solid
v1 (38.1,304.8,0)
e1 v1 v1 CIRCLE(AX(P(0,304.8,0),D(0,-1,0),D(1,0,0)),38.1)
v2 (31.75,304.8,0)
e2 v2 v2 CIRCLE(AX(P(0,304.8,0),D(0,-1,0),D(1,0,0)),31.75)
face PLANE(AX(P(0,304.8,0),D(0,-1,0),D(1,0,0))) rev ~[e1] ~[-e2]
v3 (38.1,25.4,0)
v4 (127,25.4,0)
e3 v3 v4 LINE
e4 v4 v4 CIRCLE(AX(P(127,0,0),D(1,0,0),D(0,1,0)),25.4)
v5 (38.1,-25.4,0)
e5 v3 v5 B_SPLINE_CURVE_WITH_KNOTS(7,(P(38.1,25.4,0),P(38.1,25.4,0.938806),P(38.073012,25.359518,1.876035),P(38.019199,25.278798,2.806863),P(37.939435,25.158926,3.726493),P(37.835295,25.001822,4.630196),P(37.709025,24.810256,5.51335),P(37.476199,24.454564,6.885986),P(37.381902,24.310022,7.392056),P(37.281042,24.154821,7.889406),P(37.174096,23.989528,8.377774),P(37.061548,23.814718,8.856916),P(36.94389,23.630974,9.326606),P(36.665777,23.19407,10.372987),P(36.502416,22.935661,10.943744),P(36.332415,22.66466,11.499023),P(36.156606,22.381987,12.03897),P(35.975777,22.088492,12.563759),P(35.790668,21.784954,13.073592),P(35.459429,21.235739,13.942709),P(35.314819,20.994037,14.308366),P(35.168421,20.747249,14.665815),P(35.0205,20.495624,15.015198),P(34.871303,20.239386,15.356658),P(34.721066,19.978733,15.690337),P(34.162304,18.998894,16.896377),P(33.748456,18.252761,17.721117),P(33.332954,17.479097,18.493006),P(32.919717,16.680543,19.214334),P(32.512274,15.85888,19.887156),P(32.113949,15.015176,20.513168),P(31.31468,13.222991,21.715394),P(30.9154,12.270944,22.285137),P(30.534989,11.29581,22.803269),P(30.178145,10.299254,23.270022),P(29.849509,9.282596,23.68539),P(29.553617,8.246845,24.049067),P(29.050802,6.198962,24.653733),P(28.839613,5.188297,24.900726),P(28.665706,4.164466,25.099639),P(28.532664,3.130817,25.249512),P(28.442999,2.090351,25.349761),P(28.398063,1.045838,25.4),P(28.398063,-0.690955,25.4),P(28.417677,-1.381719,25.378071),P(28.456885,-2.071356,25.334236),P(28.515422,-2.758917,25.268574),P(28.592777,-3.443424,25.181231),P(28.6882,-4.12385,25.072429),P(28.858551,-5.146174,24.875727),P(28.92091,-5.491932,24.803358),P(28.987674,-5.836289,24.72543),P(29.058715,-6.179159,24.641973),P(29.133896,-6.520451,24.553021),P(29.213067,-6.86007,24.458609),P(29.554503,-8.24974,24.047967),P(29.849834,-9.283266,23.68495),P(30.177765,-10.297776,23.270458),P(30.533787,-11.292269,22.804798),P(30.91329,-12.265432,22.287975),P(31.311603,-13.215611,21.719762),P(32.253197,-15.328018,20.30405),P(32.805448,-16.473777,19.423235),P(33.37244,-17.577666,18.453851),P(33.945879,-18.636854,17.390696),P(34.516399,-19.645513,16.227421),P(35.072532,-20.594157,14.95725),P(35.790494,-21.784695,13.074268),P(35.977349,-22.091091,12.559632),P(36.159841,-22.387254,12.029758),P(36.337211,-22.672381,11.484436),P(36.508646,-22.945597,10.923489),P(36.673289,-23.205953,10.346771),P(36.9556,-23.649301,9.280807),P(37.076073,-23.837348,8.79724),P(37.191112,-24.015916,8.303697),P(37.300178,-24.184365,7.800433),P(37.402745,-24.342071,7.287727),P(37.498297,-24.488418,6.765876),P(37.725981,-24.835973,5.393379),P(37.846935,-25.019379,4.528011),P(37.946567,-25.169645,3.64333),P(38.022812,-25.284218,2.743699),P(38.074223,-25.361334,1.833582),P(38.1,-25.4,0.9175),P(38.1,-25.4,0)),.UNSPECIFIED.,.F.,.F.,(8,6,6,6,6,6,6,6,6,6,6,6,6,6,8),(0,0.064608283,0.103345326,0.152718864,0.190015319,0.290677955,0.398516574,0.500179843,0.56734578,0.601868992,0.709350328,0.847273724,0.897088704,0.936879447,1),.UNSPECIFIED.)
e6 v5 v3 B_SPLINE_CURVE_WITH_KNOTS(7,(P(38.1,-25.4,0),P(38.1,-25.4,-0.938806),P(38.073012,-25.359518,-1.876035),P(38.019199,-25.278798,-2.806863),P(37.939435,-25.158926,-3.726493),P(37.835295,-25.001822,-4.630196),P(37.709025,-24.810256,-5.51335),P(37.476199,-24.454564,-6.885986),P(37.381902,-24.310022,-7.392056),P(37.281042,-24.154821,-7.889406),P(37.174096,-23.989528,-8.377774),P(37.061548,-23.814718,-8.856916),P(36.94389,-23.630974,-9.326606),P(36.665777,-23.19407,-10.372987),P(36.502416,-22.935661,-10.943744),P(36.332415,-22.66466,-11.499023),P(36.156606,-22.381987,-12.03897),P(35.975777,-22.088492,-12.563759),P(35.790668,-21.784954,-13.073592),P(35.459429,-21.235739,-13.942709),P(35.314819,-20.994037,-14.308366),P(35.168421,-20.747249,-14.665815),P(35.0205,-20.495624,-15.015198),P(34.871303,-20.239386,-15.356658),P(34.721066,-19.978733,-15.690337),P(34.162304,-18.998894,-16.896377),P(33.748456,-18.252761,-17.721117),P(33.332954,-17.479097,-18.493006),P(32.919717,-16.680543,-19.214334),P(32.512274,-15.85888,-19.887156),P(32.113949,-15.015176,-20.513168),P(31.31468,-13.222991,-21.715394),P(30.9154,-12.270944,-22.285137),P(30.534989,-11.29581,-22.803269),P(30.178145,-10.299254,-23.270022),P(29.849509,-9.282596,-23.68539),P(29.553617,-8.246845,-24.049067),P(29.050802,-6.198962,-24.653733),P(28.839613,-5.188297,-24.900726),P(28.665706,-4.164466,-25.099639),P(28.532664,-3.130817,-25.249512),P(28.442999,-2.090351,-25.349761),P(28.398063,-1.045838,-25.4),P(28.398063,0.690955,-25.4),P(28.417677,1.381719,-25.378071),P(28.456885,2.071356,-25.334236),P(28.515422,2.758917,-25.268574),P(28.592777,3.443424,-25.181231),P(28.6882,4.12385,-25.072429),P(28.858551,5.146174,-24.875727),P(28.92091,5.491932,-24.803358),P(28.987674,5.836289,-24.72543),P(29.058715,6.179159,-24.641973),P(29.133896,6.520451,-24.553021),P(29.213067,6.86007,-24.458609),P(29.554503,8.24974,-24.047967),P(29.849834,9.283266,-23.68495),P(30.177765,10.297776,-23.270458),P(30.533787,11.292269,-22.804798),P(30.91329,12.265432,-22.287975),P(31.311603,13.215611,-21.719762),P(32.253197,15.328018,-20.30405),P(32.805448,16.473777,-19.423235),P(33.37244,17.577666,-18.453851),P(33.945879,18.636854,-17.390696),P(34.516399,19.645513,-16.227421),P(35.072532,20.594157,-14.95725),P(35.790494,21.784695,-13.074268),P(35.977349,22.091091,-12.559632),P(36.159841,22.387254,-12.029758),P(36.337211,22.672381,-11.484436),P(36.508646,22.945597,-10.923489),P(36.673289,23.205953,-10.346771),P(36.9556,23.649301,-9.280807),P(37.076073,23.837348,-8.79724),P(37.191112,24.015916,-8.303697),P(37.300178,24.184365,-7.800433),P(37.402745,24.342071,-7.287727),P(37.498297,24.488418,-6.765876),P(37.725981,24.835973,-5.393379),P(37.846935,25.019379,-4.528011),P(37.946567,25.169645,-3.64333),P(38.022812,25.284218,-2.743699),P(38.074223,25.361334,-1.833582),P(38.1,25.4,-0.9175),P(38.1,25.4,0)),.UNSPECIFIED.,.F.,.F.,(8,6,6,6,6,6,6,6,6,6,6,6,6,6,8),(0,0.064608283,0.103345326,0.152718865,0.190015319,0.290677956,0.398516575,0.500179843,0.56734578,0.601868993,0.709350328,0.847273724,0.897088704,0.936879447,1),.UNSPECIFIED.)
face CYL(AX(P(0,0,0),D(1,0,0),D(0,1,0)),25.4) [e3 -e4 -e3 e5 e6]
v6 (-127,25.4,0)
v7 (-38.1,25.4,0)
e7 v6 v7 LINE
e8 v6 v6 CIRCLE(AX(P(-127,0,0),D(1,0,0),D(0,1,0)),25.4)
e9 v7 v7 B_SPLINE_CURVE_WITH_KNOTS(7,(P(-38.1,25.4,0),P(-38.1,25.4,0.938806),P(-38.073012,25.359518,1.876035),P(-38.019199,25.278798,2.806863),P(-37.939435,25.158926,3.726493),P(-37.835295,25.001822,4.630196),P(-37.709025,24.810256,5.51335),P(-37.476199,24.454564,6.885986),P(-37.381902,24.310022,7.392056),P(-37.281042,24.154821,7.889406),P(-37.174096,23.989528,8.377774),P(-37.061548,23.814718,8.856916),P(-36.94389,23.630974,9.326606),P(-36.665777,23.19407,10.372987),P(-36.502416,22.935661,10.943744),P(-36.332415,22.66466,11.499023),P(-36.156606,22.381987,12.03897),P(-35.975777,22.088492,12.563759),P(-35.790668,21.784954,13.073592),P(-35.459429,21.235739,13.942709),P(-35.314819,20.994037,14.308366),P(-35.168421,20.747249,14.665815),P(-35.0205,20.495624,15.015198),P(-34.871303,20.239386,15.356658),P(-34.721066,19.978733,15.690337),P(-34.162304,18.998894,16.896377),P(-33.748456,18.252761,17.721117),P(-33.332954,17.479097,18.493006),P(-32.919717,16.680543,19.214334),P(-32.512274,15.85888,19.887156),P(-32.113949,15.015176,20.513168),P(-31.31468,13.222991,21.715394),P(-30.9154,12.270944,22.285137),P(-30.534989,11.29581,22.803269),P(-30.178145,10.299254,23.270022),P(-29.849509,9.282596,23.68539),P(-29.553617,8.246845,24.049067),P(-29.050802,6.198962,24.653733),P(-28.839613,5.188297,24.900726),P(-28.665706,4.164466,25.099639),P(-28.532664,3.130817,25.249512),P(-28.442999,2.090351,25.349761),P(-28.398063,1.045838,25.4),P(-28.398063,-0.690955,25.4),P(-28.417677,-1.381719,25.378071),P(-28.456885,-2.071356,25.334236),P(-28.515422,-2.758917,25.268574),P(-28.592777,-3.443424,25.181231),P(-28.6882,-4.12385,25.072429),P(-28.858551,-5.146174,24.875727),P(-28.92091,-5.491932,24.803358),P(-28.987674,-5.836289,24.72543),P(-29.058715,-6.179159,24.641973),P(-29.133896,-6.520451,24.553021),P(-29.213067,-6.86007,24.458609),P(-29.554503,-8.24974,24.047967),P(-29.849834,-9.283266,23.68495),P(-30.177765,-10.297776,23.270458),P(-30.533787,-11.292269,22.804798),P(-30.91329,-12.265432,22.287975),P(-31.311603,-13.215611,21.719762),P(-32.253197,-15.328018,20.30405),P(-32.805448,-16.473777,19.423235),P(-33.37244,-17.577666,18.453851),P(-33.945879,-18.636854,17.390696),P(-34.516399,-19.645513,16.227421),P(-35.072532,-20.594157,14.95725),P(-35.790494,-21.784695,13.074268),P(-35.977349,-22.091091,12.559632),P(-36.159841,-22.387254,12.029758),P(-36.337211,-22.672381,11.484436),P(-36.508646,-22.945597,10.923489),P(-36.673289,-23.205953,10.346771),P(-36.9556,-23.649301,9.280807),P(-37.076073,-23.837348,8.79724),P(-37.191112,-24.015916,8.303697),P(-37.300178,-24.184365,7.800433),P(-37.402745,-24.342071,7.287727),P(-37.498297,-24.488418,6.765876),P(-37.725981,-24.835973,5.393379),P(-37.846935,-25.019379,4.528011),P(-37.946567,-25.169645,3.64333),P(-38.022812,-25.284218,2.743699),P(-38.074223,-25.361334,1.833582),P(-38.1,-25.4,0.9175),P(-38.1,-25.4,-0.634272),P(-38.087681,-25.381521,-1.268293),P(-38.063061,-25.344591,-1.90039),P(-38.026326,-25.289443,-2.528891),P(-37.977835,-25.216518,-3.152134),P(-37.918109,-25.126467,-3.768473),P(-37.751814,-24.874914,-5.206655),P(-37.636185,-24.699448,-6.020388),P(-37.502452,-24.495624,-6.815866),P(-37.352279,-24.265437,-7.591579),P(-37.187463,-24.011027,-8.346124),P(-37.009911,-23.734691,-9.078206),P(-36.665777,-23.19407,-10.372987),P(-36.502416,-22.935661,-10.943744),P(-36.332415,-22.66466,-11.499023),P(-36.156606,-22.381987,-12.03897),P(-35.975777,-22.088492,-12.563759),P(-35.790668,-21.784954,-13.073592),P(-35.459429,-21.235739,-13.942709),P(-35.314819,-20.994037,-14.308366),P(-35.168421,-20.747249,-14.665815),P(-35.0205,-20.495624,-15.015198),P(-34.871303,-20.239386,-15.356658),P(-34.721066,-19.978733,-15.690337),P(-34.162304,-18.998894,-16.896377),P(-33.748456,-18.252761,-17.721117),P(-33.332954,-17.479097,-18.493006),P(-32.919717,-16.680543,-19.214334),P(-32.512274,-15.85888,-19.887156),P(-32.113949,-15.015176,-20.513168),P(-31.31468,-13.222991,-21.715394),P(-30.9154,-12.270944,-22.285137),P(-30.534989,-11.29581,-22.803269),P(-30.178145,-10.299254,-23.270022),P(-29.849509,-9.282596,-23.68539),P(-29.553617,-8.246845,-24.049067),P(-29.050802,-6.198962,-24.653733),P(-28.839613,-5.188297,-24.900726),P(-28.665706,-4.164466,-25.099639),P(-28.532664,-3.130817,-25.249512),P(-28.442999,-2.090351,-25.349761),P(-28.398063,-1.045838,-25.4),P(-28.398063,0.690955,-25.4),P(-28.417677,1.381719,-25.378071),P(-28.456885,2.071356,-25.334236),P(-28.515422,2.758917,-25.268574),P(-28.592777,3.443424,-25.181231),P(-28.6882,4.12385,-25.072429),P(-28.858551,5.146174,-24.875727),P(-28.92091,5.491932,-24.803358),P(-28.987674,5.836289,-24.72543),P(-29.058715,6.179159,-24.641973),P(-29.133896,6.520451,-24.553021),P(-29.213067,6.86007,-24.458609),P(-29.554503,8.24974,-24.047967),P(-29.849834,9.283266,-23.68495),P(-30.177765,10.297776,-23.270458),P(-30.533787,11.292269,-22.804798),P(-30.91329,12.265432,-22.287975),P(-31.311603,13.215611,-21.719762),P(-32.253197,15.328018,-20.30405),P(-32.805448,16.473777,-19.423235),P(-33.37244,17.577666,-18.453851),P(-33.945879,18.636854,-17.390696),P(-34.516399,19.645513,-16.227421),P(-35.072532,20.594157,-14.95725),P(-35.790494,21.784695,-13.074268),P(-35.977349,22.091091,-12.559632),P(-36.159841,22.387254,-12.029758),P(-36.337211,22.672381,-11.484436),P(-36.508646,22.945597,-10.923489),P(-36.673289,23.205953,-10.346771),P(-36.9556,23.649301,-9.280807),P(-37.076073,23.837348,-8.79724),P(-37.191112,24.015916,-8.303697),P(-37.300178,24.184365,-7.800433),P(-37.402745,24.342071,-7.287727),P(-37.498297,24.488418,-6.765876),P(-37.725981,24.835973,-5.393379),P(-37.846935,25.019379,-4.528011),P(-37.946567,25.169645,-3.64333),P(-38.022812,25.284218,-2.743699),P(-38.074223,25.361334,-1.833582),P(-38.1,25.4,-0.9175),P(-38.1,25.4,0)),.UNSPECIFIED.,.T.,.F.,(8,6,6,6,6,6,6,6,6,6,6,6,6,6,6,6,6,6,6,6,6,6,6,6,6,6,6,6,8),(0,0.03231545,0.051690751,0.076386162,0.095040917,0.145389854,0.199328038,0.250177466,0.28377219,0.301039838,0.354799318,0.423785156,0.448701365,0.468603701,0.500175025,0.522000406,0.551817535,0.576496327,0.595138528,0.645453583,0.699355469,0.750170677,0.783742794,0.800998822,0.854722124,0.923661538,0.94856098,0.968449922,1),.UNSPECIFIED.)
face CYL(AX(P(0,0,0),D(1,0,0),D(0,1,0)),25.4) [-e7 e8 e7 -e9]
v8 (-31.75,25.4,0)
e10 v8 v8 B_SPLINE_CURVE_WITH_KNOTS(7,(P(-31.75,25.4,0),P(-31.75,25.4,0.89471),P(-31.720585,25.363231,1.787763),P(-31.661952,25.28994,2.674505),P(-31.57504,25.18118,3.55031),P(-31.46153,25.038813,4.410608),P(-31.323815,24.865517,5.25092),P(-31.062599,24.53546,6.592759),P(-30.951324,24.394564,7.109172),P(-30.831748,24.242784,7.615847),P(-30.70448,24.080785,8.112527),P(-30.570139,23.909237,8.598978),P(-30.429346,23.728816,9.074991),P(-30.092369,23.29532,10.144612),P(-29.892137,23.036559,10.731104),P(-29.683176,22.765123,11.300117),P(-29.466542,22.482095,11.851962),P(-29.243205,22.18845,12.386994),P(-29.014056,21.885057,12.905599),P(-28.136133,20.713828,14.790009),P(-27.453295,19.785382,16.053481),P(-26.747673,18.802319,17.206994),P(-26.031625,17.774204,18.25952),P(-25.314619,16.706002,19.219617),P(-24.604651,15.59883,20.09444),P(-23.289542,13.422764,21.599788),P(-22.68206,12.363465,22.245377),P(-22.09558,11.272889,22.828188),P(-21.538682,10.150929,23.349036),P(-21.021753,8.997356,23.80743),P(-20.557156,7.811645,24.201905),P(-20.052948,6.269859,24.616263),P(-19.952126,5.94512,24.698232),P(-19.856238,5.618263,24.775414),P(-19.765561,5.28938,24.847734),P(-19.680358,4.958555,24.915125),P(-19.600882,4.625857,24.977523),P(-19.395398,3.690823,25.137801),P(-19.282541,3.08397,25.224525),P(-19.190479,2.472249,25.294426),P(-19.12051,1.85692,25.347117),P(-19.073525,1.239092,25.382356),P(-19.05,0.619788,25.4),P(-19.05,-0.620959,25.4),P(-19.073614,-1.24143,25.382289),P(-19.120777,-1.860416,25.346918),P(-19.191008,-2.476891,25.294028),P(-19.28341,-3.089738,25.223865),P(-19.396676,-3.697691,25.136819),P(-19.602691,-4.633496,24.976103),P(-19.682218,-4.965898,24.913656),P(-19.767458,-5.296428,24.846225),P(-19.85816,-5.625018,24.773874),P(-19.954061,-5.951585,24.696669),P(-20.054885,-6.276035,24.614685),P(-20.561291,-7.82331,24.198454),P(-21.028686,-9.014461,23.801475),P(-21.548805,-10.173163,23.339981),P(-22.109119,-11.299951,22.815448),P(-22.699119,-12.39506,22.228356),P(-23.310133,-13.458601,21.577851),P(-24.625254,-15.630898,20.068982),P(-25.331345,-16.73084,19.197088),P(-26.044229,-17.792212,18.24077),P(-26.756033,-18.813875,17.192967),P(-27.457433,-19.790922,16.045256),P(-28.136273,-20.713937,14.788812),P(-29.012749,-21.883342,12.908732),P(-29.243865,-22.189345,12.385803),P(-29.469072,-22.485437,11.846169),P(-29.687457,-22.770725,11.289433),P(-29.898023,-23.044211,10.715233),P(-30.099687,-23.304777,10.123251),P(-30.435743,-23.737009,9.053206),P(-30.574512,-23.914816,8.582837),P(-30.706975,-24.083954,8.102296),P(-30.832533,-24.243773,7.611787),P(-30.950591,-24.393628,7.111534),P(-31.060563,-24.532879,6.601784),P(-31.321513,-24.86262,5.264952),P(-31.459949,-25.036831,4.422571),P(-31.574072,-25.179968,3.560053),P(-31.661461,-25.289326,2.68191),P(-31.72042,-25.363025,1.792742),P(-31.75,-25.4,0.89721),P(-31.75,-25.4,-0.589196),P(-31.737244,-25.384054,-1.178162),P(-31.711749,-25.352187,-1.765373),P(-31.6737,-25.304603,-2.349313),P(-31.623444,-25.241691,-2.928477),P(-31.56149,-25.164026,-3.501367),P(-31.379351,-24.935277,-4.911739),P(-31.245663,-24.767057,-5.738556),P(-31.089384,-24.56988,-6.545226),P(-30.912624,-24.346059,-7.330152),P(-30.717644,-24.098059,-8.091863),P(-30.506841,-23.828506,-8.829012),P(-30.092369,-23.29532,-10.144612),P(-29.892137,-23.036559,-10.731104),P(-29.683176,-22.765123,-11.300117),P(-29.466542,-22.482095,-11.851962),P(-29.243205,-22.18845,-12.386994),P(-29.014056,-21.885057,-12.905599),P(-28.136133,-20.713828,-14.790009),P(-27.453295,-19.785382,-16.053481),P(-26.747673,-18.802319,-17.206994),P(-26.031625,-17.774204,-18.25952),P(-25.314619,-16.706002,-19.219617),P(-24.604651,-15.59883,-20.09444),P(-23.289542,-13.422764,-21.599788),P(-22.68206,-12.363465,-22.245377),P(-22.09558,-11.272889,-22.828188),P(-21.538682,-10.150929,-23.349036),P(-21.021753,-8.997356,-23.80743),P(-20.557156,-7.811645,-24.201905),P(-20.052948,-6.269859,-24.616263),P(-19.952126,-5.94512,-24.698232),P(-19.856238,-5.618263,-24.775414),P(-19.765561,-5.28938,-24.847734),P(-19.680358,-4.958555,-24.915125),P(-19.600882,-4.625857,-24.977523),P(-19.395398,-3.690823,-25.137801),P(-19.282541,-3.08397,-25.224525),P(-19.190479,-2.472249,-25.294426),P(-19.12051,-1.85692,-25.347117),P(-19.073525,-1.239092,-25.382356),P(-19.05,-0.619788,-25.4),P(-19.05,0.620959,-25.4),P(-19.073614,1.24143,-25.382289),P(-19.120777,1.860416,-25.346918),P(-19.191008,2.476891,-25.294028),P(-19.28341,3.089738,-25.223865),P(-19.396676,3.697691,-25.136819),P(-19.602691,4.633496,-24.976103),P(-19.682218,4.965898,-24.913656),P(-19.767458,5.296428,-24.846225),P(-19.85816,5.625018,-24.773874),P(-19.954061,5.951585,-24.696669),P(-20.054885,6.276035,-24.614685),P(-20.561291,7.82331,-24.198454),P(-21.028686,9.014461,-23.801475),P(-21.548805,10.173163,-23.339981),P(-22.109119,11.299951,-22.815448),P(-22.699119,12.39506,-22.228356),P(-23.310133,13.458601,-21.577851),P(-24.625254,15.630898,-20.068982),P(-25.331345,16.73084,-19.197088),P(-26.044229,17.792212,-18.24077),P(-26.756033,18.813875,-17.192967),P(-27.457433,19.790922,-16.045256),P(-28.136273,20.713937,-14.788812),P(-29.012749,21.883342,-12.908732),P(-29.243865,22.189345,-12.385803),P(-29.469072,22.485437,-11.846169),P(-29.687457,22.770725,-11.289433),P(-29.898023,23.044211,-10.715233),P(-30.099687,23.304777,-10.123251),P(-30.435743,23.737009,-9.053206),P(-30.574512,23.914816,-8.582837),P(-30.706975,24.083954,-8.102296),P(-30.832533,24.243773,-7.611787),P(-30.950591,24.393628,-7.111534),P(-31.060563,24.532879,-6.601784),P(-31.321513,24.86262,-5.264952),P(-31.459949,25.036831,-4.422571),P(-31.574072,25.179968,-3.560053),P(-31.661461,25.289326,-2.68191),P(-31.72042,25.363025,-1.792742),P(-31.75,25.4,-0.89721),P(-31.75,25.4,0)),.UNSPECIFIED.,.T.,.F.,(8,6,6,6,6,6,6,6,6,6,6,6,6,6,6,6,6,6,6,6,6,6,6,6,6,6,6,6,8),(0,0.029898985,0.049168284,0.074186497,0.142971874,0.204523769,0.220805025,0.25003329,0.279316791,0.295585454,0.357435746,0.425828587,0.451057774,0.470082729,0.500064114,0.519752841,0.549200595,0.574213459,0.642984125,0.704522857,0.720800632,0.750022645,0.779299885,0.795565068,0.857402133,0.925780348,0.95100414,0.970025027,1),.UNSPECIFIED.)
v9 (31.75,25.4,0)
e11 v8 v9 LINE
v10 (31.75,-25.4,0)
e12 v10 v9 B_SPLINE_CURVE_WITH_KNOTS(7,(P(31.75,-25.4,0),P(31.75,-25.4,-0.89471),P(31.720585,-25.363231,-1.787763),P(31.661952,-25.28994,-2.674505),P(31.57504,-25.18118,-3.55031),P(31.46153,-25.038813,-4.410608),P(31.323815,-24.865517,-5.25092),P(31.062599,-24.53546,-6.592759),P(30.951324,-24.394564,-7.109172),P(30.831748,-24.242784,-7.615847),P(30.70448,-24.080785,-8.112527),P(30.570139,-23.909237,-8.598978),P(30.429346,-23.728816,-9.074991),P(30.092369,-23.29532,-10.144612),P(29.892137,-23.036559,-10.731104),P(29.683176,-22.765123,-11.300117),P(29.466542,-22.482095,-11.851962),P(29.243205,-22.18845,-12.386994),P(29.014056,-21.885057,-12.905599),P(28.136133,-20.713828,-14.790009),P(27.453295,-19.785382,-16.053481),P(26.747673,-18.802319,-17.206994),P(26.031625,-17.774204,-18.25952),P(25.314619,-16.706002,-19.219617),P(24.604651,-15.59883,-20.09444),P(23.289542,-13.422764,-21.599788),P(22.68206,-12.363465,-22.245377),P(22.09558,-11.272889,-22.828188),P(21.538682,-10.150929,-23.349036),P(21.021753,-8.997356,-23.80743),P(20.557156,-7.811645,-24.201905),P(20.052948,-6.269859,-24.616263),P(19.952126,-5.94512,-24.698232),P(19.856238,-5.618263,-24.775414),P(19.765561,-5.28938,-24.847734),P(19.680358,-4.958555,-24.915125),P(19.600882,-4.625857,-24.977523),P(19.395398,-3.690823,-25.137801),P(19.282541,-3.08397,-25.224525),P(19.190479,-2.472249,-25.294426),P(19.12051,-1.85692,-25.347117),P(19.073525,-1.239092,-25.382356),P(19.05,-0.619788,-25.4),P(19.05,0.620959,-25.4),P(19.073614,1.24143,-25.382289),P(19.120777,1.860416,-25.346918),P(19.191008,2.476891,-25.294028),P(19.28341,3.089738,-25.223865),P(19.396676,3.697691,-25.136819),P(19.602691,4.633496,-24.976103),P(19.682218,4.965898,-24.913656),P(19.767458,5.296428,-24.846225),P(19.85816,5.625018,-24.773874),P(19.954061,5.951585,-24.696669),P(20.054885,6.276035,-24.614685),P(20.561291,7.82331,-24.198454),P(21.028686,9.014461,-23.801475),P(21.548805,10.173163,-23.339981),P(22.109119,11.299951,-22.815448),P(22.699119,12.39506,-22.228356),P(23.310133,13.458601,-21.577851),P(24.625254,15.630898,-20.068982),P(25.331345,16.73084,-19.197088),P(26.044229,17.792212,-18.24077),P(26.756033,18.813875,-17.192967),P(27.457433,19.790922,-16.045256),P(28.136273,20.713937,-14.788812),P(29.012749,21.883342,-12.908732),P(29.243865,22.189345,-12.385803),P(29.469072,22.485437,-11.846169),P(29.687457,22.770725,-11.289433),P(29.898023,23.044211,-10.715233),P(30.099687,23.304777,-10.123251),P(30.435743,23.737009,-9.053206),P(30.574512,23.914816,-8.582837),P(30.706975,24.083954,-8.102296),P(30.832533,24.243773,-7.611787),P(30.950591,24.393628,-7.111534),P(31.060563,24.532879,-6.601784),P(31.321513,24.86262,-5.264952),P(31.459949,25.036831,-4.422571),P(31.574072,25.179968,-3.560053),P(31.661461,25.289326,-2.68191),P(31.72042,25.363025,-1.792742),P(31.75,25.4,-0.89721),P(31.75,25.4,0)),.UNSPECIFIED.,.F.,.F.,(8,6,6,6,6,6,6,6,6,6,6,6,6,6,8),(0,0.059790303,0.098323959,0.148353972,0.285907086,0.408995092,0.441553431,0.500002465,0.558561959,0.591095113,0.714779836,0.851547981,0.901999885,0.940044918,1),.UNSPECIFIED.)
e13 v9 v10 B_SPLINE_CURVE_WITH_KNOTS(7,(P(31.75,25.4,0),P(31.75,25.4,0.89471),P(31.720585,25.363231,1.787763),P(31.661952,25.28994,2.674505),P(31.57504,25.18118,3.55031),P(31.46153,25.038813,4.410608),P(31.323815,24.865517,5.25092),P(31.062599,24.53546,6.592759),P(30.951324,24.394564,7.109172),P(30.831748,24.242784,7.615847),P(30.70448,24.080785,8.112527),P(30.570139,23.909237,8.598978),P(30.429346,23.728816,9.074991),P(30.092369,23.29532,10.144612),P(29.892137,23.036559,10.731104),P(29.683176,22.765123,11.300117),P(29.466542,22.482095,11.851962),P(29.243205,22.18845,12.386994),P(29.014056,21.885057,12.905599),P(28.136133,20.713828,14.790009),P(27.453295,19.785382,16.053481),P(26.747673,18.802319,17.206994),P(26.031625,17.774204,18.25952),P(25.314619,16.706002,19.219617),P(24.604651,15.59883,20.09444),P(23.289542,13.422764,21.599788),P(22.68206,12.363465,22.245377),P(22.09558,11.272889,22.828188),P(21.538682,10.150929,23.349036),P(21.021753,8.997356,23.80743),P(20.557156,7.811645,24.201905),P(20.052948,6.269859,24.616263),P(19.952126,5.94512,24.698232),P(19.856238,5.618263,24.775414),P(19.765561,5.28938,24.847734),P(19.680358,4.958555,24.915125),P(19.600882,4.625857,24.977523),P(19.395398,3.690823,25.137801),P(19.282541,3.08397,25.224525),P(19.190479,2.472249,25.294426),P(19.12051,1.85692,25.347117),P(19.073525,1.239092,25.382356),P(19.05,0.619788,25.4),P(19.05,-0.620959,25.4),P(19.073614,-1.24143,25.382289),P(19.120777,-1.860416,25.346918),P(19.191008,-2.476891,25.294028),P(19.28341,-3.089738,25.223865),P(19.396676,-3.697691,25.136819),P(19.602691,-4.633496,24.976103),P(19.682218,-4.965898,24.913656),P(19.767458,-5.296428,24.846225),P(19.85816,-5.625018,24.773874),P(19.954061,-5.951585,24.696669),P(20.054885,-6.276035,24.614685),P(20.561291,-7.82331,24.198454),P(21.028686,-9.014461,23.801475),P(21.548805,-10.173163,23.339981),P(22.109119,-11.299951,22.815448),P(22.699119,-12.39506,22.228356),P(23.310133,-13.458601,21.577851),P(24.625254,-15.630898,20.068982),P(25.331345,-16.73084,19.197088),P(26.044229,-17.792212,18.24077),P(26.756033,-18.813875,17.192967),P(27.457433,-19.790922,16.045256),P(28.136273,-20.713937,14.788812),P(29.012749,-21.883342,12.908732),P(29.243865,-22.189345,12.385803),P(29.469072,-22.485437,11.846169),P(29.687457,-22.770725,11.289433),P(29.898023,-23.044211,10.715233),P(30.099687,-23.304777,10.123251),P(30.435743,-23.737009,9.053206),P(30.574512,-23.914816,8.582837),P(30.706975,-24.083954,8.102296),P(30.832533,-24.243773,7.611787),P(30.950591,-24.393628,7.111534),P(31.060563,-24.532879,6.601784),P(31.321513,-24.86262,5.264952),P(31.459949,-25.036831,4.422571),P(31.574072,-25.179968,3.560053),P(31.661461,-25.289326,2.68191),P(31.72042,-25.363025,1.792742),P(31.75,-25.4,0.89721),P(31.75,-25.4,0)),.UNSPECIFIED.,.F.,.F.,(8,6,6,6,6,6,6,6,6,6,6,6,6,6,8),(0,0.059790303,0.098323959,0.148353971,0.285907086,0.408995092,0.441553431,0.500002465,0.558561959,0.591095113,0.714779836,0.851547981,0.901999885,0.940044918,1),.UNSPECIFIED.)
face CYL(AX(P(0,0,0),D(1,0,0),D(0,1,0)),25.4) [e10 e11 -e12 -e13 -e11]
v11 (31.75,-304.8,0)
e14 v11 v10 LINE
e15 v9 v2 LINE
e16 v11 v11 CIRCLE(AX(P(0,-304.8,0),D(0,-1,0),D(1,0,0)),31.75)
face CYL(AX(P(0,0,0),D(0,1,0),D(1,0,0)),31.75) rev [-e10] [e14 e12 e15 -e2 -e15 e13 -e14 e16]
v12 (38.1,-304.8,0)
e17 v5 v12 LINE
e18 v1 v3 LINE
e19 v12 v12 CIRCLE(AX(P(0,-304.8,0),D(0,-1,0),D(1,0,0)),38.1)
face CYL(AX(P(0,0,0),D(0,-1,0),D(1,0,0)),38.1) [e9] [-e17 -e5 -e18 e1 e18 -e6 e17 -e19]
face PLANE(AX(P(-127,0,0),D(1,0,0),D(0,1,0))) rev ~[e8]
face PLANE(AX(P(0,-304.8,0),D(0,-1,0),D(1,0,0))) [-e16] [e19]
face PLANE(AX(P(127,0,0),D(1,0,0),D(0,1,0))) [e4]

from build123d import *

# Parameters (mm, degrees)
F0_R     = 38.1
F0_R_2   = 31.75
F1_DEPTH = 304.8
F2_R     = 25.4
F3_DEPTH = 127


with BuildPart() as f1:
    # F0 (on Front) → F1 (new body, symmetric)
    with BuildSketch(Plane.XZ):
        Circle(F0_R)
        Circle(F0_R_2, mode=Mode.SUBTRACT)
    extrude(amount=F1_DEPTH, both=True)

    # F2 (on Right) → F3 (join, symmetric)
    with BuildSketch(Plane.YZ):
        Circle(F2_R)
    extrude(amount=F3_DEPTH, both=True)


solid = f1.part
